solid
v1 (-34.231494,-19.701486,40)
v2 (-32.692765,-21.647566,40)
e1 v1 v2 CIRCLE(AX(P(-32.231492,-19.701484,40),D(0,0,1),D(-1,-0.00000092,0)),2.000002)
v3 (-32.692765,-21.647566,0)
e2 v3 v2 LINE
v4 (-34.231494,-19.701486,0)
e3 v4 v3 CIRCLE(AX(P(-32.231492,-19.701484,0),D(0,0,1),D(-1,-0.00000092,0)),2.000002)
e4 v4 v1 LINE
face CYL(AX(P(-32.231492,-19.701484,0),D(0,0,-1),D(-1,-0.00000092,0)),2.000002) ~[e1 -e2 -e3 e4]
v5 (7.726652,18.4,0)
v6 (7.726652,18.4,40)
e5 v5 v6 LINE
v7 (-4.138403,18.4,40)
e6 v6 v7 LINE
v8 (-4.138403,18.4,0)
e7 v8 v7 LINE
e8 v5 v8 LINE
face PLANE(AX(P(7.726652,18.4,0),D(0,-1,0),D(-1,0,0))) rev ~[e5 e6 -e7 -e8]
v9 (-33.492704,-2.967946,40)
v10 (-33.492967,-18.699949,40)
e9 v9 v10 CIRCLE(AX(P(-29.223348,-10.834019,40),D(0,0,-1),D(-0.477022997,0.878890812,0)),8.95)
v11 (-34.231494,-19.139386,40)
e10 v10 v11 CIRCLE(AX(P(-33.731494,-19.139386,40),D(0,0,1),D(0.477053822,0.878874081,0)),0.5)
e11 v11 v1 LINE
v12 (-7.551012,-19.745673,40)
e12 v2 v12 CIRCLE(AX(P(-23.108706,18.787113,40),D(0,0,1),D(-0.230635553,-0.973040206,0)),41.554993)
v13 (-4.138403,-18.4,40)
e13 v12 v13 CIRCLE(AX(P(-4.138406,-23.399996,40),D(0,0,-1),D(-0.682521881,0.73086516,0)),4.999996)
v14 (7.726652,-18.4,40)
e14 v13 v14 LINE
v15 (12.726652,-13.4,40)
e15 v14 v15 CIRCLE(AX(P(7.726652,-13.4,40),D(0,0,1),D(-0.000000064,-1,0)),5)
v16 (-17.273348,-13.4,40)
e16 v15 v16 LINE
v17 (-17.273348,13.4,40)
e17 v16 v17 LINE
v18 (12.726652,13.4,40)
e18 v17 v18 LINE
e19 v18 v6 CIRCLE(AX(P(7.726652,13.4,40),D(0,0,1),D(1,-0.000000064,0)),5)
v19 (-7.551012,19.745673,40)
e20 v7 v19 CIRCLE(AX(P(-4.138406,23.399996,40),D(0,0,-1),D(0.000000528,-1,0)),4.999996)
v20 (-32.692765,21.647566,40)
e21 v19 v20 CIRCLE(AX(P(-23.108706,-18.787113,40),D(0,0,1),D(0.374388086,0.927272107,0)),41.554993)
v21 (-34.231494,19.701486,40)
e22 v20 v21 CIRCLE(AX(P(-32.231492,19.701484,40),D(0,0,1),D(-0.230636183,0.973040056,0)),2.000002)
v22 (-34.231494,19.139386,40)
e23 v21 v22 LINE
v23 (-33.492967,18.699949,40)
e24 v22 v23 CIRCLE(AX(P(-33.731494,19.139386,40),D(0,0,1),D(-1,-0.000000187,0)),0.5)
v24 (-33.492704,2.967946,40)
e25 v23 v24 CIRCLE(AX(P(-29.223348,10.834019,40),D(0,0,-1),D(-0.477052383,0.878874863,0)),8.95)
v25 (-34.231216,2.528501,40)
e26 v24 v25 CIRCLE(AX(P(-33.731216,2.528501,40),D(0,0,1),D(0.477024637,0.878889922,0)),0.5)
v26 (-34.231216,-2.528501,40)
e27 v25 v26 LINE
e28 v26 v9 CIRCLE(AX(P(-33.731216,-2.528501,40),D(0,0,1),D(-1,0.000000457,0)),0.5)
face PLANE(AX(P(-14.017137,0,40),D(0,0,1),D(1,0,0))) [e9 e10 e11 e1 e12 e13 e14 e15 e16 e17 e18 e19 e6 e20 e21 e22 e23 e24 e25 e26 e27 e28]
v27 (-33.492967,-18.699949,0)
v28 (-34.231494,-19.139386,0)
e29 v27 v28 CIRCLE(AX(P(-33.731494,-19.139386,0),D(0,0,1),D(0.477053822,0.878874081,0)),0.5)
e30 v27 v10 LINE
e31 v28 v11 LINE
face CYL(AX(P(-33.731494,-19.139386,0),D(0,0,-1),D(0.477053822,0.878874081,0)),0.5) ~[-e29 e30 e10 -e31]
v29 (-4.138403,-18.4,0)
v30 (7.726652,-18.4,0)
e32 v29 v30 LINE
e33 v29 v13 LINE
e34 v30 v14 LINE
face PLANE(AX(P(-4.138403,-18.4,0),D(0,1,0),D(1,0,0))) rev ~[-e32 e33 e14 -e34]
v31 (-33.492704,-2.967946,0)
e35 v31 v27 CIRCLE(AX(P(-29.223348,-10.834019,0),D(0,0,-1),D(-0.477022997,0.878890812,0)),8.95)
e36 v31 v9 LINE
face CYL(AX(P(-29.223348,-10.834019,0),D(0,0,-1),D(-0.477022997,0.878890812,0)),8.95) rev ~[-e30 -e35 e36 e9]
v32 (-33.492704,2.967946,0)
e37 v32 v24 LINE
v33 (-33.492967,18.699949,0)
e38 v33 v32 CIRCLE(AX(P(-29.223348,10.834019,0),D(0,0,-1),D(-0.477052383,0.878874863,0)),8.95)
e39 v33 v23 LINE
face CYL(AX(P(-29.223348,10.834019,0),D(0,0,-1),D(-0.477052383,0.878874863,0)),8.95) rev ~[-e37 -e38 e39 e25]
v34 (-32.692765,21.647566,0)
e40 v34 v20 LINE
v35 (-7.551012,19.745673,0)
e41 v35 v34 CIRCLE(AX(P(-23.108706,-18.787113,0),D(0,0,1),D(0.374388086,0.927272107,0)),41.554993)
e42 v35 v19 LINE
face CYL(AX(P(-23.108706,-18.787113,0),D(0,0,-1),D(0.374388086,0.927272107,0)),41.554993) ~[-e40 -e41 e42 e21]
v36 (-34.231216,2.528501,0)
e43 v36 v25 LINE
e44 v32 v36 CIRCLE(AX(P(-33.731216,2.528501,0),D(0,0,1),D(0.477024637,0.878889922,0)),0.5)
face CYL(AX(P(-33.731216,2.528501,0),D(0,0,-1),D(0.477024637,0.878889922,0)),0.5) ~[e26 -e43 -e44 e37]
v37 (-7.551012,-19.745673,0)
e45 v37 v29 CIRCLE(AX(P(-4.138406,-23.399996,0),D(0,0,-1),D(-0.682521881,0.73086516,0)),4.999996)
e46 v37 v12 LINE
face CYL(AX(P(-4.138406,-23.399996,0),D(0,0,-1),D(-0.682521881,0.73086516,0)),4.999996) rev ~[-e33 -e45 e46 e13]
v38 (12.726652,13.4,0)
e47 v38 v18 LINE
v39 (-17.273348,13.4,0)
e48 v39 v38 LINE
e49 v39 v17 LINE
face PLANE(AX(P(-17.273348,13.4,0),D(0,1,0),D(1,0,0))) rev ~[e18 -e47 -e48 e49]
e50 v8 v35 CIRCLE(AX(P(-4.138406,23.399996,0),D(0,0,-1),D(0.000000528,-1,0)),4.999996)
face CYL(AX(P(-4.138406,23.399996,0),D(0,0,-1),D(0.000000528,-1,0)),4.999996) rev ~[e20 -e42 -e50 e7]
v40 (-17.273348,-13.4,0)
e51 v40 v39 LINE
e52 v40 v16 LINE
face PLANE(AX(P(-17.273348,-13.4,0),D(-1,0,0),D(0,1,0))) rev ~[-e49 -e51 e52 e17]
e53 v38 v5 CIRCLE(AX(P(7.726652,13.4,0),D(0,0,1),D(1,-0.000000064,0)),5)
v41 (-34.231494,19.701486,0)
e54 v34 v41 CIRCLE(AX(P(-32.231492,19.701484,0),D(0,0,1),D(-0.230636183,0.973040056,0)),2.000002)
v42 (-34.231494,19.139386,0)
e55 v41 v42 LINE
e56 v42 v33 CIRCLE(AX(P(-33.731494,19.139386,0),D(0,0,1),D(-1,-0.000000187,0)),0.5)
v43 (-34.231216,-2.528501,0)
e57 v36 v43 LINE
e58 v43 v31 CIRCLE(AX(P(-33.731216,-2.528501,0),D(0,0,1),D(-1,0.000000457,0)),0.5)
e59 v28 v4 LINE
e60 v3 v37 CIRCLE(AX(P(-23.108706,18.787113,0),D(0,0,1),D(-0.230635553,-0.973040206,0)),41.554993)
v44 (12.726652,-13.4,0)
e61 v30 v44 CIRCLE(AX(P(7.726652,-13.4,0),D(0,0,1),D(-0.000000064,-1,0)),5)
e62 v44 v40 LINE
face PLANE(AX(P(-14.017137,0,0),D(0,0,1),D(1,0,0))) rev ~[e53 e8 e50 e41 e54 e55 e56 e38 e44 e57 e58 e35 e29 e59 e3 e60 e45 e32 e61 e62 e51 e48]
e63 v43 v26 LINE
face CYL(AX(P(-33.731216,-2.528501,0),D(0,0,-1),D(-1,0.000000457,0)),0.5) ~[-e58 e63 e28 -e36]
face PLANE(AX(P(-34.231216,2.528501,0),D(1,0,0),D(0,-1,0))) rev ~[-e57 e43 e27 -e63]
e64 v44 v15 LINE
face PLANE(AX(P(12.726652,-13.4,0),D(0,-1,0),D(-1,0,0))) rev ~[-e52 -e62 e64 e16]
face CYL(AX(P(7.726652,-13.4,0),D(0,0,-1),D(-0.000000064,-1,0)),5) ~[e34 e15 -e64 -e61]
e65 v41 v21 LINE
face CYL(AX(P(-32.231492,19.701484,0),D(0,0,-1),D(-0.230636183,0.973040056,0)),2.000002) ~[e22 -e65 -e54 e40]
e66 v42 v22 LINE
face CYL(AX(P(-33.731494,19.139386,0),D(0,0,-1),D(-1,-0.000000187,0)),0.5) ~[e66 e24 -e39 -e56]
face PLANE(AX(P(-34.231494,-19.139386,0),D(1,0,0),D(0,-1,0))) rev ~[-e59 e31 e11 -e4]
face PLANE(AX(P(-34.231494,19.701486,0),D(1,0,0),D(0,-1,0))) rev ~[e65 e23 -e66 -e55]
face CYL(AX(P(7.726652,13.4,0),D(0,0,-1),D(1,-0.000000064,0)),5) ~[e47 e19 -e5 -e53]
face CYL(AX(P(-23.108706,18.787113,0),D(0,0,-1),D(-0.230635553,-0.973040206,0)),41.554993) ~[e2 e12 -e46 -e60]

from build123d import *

# Parameters (mm, degrees)
F1_DEPTH = 40


with BuildPart() as f1:
    # F0 (on Top) → F1 (new body)
    with BuildSketch(Plane.XY):
        with BuildLine():
            Line((-17.273348, -13.4), (-17.273348, 13.4))
            Line((-17.273348, 13.4), (12.726652, 13.4))
            ThreePointArc((12.726652, 13.4), (11.262186, 16.935534), (7.726652, 18.4))
            Line((7.726652, 18.4), (-4.138403, 18.4))
            ThreePointArc((-4.138403, 18.4), (-5.972575, 18.748568), (-7.551012, 19.745673))
            ThreePointArc((-7.551012, 19.745673), (-19.97416, 22.64949), (-32.692765, 21.647566))
            ThreePointArc((-32.692765, 21.647566), (-33.800337, 20.941941), (-34.231494, 19.701486))
            Line((-34.231494, 19.701486), (-34.231494, 19.139386))
            ThreePointArc((-34.231494, 19.139386), (-33.987166, 18.709698), (-33.492967, 18.699949))
            ThreePointArc((-33.492967, 18.699949), (-20.273348, 10.834169), (-33.492704, 2.967946))
            ThreePointArc((-33.492704, 2.967946), (-33.986895, 2.958185), (-34.231216, 2.528501))
            Line((-34.231216, 2.528501), (-34.231216, -2.528501))
            ThreePointArc((-34.231216, -2.528501), (-33.986895, -2.958185), (-33.492704, -2.967946))
            ThreePointArc((-33.492704, -2.967946), (-20.273348, -10.834169), (-33.492967, -18.699949))
            ThreePointArc((-33.492967, -18.699949), (-33.987166, -18.709698), (-34.231494, -19.139386))
            Line((-34.231494, -19.139386), (-34.231494, -19.701486))
            ThreePointArc((-34.231494, -19.701486), (-33.800337, -20.941941), (-32.692765, -21.647566))
            ThreePointArc((-32.692765, -21.647566), (-19.97416, -22.64949), (-7.551012, -19.745673))
            ThreePointArc((-7.551012, -19.745673), (-5.972575, -18.748568), (-4.138403, -18.4))
            Line((-4.138403, -18.4), (7.726652, -18.4))
            ThreePointArc((7.726652, -18.4), (11.262186, -16.935534), (12.726652, -13.4))
            Line((12.726652, -13.4), (-17.273348, -13.4))
        make_face()
    extrude(amount=F1_DEPTH)


solid = f1.part
